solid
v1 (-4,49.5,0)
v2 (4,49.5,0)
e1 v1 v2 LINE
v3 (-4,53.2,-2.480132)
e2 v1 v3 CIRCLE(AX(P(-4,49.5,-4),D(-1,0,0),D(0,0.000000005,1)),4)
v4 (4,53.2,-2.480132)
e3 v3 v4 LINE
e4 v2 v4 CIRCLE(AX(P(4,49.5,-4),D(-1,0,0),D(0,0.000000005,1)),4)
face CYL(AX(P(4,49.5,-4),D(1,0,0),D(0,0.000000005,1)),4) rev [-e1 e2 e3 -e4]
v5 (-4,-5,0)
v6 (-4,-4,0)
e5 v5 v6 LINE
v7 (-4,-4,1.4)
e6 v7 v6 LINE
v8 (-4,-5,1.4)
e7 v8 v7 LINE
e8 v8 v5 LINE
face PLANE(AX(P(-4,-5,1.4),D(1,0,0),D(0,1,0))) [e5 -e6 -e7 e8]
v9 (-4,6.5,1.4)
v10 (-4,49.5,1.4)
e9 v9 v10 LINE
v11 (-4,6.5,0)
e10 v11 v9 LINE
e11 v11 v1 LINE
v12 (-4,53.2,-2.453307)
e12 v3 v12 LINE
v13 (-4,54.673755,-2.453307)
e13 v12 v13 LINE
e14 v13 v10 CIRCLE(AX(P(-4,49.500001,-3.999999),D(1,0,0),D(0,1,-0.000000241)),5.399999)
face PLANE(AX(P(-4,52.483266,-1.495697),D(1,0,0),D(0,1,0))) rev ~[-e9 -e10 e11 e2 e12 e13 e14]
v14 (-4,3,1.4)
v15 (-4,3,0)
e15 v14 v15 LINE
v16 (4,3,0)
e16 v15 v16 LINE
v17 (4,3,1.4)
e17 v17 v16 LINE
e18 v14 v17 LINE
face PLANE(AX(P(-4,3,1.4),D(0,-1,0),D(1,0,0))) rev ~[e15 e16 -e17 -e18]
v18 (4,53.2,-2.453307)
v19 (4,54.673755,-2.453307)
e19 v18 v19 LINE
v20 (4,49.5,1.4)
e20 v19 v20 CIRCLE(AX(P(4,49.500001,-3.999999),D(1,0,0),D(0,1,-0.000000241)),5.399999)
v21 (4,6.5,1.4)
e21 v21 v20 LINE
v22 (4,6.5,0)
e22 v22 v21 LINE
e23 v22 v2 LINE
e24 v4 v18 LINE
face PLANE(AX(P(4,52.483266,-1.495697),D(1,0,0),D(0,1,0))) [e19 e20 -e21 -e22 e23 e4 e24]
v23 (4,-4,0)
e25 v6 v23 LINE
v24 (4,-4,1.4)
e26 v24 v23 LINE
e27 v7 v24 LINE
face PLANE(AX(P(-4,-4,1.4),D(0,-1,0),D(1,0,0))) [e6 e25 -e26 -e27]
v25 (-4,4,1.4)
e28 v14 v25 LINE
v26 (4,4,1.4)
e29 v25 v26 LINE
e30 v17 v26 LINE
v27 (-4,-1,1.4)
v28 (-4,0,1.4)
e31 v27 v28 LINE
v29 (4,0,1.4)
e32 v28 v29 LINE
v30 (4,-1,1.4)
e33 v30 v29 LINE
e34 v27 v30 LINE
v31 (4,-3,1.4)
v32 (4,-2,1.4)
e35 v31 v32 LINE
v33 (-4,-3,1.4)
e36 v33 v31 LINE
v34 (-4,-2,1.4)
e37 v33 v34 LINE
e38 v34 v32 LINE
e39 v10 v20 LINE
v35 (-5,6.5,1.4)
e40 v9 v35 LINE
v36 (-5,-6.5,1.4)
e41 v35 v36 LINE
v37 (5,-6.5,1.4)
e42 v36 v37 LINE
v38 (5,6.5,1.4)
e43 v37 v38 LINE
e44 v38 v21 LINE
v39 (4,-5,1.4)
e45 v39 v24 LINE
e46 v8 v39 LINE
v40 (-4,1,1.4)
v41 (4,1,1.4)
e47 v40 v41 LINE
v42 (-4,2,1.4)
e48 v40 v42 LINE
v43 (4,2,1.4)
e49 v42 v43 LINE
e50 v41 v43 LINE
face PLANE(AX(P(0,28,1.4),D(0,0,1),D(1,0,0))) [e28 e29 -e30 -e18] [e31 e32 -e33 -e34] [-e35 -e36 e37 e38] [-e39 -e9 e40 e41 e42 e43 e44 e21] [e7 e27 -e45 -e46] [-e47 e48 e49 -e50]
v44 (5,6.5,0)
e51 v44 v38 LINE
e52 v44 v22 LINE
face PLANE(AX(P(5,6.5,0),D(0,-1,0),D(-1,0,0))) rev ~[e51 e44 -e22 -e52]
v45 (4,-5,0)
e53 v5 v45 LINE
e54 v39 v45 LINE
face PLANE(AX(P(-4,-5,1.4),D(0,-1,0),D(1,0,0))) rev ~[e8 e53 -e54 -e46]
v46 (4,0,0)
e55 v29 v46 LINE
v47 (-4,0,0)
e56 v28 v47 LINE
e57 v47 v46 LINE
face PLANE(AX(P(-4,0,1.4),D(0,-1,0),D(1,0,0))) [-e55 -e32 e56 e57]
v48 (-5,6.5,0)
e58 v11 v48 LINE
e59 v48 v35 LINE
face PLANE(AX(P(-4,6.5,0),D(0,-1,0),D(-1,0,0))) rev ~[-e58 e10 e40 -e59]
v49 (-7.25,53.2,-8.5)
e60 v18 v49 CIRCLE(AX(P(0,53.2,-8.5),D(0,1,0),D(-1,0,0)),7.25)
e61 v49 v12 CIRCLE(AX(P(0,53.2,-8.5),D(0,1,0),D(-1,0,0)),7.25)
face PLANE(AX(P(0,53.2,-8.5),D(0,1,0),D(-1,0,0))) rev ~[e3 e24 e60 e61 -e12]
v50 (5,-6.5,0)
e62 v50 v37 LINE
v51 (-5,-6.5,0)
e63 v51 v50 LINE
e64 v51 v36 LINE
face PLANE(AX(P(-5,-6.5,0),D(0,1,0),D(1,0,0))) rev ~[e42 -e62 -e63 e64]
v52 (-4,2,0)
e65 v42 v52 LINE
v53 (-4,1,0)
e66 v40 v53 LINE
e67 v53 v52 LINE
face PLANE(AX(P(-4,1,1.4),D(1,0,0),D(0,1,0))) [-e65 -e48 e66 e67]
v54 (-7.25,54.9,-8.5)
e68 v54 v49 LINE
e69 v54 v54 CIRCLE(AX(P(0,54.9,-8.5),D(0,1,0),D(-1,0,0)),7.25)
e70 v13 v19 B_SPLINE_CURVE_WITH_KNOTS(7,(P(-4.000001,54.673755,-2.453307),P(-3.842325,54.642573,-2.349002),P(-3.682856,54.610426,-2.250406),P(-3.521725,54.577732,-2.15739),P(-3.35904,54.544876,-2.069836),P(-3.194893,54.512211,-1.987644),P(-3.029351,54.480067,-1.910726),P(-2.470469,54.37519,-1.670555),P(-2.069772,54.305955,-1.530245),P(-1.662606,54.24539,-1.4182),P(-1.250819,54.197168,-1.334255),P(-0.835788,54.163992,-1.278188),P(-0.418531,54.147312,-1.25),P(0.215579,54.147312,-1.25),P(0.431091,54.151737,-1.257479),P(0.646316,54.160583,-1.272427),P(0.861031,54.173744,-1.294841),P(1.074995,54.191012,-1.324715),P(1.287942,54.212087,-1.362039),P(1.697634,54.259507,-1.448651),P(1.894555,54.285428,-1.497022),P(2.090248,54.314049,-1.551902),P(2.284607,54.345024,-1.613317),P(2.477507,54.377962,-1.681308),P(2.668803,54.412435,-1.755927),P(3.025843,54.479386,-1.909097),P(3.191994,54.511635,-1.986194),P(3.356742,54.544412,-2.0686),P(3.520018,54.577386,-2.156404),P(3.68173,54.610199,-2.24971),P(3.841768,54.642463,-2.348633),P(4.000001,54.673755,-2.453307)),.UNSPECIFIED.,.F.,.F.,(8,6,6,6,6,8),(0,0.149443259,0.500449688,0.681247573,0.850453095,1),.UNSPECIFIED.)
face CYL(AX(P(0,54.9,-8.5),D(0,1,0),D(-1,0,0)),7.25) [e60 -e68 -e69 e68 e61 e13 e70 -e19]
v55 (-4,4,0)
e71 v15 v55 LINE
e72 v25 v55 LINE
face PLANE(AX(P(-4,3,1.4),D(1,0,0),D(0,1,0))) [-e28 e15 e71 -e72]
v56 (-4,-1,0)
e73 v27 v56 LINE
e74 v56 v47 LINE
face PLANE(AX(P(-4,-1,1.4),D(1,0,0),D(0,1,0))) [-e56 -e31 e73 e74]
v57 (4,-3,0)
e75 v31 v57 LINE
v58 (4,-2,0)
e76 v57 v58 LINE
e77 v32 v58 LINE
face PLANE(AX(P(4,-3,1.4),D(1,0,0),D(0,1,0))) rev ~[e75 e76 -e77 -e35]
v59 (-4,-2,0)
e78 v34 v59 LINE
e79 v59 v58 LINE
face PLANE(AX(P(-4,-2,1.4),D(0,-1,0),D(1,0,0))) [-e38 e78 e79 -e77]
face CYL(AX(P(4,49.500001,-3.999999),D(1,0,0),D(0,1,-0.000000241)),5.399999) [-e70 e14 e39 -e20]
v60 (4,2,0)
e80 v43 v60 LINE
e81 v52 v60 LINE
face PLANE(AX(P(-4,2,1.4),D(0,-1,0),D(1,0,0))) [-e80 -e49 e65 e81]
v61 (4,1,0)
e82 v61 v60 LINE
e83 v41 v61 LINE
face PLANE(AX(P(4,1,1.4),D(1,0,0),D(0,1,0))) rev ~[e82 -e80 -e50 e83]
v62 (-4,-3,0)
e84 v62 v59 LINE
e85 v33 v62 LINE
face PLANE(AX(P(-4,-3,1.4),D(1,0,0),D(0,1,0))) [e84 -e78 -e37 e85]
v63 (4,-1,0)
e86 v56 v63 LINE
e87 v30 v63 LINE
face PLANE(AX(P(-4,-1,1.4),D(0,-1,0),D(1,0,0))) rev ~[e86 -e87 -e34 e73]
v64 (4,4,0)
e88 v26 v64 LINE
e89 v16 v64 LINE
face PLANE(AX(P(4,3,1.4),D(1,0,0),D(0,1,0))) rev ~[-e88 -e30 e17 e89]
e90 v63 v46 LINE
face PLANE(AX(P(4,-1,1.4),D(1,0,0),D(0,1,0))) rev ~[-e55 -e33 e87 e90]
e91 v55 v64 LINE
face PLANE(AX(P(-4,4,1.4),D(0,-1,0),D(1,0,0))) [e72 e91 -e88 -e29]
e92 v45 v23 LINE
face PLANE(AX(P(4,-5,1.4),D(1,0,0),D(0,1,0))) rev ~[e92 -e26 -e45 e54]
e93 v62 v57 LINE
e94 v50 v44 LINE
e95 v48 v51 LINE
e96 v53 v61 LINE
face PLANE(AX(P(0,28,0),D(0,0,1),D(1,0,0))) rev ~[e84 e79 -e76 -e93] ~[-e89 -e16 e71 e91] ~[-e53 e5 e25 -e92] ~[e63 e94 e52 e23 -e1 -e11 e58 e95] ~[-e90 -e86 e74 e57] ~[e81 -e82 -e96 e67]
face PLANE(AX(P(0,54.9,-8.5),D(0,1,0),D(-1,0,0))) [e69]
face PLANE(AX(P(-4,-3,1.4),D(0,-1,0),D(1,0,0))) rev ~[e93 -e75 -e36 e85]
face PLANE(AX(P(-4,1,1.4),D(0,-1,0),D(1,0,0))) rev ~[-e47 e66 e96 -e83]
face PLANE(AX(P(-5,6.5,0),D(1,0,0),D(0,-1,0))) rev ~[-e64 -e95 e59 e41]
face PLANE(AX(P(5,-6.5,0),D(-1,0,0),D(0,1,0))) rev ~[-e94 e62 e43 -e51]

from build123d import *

# Parameters (mm, degrees)
F0_W     = 8
F0_H     = 43
F1_DEPTH = 1.4
F3_DEPTH = 8
F5_R     = 7.25
F6_DEPTH = 1.7
F7_W     = 8
F7_H     = 1
F8_DEPTH = 1.4


with BuildPart() as f1:
    # F0 (on Top) → F1 (new body)
    with BuildSketch(Plane.XY):
        with Locations((0, 28)):
            Rectangle(F0_W, F0_H)
        Polygon((5, -6.5), (5, 6.5), (4, 6.5), (-4, 6.5), (-5, 6.5), (-5, -6.5), align=None)
    extrude(amount=F1_DEPTH)

    # F2 (on face) → F3 (join, through all)
    with BuildSketch(Plane.YZ.offset(4)):
        with BuildLine():
            ThreePointArc((49.5, 0), (52.72945, -1.639777), (53.311111, -5.214674))
            Line((53.311111, -5.214674), (54.9, -4))
            ThreePointArc((54.9, -4), (53.318377, -0.181623), (49.5, 1.4))
            Line((49.5, 1.4), (49.5, 0))
        make_face()
    extrude(amount=-F3_DEPTH)

    # F5 (on face) → F6 (join)
    with BuildSketch(Plane(origin=(0, 54.9, 0), x_dir=(-1, 0, 0), z_dir=(0, 1, 0))):
        with Locations((0, -8.5)):
            Circle(F5_R)
    extrude(amount=-F6_DEPTH)

    # F7 (on face) → F8 (cut, through all)
    with BuildSketch(Plane.XY.offset(1.4)):
        with Locations((0, -4.5)):
            Rectangle(F7_W, F7_H)
        with Locations((0, -2.5)):
            Rectangle(F7_W, F7_H)
        with Locations((0, -0.5)):
            Rectangle(F7_W, F7_H)
        with Locations((0, 1.5)):
            Rectangle(F7_W, F7_H)
        with Locations((0, 3.5)):
            Rectangle(F7_W, F7_H)
    extrude(amount=-F8_DEPTH, mode=Mode.SUBTRACT)


solid = f1.part
